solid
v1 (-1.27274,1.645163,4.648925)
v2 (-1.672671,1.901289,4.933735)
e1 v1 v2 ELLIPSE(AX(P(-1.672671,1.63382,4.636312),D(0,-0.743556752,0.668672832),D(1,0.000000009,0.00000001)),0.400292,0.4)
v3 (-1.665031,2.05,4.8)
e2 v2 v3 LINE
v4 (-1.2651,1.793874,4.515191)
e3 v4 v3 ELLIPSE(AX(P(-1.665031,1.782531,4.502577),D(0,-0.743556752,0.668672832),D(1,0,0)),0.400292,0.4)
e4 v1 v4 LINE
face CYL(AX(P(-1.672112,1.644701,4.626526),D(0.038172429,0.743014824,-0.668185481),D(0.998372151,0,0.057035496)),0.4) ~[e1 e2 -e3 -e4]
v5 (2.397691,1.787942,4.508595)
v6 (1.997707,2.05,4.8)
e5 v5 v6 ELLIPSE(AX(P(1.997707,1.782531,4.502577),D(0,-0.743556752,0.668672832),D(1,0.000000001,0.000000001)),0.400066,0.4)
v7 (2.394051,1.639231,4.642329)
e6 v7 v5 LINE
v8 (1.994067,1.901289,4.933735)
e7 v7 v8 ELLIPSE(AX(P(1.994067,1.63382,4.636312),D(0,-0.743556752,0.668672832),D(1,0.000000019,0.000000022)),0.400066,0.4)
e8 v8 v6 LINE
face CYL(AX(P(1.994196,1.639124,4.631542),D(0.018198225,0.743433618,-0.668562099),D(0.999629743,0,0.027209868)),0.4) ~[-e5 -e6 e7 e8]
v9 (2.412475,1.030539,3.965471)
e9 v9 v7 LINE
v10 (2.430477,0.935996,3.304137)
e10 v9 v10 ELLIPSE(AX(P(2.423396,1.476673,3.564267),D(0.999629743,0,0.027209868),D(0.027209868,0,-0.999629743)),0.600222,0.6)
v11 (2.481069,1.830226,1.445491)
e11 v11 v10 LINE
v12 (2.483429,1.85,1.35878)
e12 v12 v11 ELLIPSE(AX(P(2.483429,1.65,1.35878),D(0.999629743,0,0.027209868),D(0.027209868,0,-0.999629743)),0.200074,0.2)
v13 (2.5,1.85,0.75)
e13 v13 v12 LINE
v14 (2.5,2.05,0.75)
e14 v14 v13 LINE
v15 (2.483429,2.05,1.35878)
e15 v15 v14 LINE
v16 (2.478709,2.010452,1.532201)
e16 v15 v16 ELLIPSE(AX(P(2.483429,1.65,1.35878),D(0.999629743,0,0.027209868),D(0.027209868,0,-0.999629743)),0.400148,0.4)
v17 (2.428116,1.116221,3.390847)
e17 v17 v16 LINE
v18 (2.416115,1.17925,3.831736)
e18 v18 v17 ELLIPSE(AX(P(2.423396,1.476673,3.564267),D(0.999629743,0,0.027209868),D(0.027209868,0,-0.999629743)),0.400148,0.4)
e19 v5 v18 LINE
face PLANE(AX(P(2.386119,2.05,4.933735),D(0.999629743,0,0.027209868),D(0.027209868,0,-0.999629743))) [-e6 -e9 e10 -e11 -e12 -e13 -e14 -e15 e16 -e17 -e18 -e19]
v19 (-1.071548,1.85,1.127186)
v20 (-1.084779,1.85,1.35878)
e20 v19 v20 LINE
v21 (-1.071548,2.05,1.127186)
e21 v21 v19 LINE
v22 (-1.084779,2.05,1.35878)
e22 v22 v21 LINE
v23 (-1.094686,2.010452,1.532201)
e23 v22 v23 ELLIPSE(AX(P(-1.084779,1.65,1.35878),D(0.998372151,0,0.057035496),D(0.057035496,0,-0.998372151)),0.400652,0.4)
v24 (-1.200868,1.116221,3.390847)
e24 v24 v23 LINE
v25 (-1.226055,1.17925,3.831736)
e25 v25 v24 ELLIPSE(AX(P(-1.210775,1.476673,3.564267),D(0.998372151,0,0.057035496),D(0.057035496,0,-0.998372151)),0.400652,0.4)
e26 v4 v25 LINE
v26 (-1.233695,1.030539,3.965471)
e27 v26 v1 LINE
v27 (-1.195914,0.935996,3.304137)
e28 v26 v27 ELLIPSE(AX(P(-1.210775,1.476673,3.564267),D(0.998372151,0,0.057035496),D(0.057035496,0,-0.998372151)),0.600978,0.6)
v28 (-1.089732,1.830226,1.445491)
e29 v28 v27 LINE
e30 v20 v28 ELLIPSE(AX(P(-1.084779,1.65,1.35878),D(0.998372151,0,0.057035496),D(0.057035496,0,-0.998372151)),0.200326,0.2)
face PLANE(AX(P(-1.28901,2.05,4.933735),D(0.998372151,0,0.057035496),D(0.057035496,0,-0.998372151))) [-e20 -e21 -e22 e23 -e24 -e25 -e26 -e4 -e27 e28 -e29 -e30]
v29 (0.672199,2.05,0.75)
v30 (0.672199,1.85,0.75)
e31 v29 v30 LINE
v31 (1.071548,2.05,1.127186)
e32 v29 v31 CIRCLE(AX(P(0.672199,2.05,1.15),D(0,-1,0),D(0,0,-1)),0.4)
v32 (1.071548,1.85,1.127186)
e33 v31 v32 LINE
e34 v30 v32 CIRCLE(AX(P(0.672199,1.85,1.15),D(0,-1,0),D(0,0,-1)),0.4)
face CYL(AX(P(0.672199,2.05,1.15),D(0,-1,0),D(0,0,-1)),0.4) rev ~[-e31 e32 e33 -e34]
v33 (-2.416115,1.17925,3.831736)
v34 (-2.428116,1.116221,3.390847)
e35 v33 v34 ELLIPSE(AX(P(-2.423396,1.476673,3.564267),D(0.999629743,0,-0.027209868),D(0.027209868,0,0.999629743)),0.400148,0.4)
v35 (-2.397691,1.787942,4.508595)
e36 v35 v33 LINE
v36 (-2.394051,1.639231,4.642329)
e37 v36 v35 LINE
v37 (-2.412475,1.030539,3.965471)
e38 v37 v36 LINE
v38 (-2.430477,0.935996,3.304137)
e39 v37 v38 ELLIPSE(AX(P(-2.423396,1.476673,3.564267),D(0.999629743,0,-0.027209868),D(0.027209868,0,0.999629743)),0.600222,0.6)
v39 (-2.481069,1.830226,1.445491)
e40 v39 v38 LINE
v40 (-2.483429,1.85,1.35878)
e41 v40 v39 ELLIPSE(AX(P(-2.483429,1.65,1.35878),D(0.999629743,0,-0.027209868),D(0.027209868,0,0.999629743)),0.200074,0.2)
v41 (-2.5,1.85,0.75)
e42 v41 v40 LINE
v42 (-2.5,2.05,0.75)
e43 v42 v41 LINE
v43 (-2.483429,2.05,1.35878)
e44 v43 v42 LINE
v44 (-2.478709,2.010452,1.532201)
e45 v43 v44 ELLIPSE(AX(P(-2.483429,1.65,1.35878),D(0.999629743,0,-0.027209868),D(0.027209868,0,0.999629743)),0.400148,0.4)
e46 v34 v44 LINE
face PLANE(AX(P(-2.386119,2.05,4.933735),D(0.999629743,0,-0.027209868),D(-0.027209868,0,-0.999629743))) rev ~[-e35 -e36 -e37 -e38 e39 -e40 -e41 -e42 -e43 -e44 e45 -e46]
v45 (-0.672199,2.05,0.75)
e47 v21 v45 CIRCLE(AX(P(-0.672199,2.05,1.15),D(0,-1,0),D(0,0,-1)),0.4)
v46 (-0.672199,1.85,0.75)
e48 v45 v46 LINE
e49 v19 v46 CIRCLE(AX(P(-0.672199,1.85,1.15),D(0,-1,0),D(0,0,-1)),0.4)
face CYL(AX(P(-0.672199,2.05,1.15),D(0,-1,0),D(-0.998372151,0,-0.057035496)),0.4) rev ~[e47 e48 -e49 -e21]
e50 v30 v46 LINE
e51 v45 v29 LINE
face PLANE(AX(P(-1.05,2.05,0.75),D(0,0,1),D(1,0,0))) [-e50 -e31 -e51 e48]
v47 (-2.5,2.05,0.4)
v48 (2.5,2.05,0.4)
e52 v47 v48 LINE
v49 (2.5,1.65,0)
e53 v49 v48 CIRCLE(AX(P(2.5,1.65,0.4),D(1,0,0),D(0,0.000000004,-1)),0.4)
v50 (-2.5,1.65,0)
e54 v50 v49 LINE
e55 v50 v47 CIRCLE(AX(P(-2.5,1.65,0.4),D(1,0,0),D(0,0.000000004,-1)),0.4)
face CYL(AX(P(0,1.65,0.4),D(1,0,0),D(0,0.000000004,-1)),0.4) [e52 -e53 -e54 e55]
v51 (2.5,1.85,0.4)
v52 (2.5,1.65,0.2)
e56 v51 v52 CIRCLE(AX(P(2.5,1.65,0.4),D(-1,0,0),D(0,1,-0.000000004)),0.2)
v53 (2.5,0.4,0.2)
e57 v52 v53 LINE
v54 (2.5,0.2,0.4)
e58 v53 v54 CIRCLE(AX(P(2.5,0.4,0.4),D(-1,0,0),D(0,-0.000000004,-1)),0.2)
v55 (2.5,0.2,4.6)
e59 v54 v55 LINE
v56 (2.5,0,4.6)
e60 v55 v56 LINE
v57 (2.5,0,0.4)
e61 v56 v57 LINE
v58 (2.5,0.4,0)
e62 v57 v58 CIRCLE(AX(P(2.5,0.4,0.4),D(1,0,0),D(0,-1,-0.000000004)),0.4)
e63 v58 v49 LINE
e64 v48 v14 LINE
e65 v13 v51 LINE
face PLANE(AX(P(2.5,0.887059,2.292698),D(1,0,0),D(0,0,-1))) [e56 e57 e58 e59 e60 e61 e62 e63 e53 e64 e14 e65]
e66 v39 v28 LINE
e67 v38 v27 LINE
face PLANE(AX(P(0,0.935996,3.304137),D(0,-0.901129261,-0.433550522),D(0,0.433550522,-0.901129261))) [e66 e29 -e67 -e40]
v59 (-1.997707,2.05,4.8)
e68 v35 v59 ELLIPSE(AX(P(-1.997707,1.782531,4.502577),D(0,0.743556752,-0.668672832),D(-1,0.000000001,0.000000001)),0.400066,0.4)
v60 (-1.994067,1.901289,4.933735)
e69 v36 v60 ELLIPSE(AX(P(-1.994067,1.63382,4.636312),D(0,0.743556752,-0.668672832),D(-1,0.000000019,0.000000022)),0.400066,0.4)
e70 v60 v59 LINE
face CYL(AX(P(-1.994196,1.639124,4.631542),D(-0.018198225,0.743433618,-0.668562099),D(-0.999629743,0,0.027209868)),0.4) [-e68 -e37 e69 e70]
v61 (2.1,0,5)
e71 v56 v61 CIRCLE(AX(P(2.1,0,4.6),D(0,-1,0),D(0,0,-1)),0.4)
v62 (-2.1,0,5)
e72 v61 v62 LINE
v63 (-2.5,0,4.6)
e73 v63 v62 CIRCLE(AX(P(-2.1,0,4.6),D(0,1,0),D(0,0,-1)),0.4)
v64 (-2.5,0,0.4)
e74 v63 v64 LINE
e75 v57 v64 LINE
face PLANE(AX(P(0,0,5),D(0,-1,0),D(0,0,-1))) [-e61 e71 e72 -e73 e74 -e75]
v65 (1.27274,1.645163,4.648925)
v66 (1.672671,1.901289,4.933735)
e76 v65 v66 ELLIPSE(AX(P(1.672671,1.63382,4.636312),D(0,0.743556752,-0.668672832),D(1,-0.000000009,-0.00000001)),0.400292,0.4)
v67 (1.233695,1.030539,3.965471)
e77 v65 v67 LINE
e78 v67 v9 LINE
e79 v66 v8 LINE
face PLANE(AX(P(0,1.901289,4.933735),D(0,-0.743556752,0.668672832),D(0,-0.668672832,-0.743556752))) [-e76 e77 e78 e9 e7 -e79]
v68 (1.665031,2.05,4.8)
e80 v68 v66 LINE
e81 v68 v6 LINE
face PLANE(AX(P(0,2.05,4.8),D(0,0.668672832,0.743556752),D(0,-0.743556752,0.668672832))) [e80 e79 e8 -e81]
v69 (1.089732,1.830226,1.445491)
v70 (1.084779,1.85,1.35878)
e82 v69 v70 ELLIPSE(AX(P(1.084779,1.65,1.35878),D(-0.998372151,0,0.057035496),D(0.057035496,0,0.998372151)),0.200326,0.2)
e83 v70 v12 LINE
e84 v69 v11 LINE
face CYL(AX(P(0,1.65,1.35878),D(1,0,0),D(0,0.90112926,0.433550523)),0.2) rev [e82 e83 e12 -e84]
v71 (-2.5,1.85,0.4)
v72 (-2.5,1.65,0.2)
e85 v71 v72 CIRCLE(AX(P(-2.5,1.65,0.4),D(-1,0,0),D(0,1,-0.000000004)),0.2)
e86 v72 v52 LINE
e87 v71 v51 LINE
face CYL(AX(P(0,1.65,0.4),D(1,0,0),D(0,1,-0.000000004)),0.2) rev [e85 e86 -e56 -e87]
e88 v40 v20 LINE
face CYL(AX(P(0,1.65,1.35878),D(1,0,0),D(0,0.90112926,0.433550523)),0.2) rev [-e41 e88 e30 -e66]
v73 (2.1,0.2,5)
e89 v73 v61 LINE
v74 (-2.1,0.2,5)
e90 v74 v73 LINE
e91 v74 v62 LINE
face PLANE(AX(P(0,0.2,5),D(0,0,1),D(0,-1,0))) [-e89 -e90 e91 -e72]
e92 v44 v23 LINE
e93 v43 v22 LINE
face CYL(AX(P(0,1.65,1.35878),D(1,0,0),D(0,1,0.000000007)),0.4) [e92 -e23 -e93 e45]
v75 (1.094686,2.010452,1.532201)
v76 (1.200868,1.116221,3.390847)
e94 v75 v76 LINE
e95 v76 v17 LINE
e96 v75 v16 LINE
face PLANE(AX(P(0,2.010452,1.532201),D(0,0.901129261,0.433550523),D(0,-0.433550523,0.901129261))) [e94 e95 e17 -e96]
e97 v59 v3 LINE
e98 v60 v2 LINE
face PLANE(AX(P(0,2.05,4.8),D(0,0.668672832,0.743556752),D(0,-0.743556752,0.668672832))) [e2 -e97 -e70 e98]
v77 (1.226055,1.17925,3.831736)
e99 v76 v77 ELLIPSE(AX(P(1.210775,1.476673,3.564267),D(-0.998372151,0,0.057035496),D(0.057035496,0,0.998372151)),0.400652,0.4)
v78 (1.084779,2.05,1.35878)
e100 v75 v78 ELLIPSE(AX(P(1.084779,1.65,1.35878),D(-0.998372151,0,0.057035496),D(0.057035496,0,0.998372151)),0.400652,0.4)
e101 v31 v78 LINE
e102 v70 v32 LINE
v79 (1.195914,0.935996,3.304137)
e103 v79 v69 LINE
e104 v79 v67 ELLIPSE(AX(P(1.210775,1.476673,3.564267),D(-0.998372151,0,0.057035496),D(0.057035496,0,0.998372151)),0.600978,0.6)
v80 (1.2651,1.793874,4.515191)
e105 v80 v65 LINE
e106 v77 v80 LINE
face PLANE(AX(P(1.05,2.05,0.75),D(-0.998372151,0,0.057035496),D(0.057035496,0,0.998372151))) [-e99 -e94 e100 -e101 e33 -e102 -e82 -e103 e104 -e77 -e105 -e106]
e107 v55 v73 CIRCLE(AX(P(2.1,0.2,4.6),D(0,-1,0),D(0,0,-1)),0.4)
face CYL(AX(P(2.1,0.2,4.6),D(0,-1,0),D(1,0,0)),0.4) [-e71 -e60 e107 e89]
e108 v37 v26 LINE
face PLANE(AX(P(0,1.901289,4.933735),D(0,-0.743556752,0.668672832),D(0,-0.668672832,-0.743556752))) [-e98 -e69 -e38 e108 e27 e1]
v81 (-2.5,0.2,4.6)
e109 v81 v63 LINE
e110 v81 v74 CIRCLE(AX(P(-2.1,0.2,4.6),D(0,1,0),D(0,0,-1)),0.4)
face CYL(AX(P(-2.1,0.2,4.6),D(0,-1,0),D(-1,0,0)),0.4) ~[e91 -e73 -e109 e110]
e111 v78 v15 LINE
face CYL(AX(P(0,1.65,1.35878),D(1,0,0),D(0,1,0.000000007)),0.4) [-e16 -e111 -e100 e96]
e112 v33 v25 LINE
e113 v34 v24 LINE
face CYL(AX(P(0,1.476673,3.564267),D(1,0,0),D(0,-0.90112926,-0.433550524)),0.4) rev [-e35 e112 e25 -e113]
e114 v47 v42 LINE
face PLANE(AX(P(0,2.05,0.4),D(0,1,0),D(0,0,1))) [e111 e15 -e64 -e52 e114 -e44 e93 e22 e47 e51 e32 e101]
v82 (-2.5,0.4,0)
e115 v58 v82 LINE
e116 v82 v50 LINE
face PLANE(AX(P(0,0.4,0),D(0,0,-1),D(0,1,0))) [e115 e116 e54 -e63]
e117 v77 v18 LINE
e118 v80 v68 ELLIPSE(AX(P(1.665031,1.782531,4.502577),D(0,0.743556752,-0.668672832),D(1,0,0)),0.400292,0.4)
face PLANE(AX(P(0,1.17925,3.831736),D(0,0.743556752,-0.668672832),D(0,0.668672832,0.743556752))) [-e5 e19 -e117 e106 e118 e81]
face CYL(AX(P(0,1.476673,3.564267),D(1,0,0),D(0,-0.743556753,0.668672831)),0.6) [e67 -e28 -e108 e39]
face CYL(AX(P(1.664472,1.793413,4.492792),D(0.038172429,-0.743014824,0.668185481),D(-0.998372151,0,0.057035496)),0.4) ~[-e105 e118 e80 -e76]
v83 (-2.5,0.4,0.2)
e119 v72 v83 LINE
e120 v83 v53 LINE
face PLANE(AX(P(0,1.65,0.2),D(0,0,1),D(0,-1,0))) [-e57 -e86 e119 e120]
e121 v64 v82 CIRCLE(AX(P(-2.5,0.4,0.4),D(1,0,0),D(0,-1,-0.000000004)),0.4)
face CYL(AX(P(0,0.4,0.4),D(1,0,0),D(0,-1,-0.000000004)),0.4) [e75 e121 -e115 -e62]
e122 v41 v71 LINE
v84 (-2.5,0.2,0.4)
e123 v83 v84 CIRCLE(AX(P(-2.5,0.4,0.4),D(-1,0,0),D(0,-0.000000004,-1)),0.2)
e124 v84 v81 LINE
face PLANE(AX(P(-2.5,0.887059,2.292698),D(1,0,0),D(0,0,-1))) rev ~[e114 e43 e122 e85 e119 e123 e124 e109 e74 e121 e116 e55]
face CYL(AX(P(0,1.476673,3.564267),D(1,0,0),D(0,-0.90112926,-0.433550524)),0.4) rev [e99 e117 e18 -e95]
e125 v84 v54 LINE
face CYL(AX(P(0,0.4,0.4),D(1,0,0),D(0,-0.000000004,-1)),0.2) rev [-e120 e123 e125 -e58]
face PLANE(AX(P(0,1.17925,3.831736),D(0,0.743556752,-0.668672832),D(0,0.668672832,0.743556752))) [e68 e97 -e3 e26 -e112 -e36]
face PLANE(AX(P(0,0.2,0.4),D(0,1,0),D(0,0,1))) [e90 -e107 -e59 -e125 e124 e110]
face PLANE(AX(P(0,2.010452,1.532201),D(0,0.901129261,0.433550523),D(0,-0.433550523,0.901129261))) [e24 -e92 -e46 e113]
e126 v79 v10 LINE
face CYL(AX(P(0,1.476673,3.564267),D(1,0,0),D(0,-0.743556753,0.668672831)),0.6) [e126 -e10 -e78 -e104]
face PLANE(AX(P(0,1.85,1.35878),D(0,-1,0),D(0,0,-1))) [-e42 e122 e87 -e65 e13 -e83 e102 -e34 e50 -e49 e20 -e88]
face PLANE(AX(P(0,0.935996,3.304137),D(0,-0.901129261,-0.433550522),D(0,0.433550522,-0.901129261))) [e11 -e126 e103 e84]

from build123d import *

# Parameters (mm, degrees)
BOSS_EXTRUDE1_DEPTH = 2.5
CUT_EXTRUDE1_DEPTH  = 1.5
FILLET1_R           = 0.4


with BuildPart() as part:
    # Sketch1 → Boss-Extrude1 (new body, symmetric)
    with BuildSketch(Plane(origin=(0, 0, 0), x_dir=(0, 0, -1), z_dir=(1, 0, 0))):
        with BuildLine():
            Line((0, 0.4), (0, 1.65))
            ThreePointArc((0, 1.65), (-0.117157288, 1.932842712), (-0.4, 2.05))
            Line((-0.4, 2.05), (-1.358780422, 2.05))
            ThreePointArc((-1.358780422, 2.05), (-1.447716686, 2.039987616), (-1.532200631, 2.010451704))
            Line((-1.532200631, 2.010451704), (-3.390846854, 1.116221457))
            ThreePointArc((-3.390846854, 1.116221457), (-3.620875047, 1.080699), (-3.831736196, 1.17925046))
            Line((-3.831736196, 1.17925046), (-4.8, 2.05))
            Line((-4.8, 2.05), (-4.933734566, 1.90128865))
            Line((-4.933734566, 1.90128865), (-3.965470763, 1.03053911))
            ThreePointArc((-3.965470763, 1.03053911), (-3.649179039, 0.88271192), (-3.30413675, 0.935995605))
            Line((-3.30413675, 0.935995605), (-1.445490526, 1.830225852))
            ThreePointArc((-1.445490526, 1.830225852), (-1.403248554, 1.844993808), (-1.358780422, 1.85))
            Line((-1.358780422, 1.85), (-0.4, 1.85))
            ThreePointArc((-0.4, 1.85), (-0.258578644, 1.791421356), (-0.2, 1.65))
            Line((-0.2, 1.65), (-0.2, 0.4))
            ThreePointArc((-0.2, 0.4), (-0.258578644, 0.258578644), (-0.4, 0.2))
            Line((-0.4, 0.2), (-5, 0.2))
            Line((-5, 0.2), (-5, 0))
            Line((-5, 0), (-0.4, 0))
            ThreePointArc((-0.4, 0), (-0.117157288, 0.117157288), (0, 0.4))
        make_face()
    extrude(amount=BOSS_EXTRUDE1_DEPTH, both=True)

    # Sketch2 → Cut-Extrude1 (cut)
    with BuildSketch(Plane(origin=(0, 2.05, 0), x_dir=(1, 0, 0), z_dir=(0, 1, 0))):
        Polygon((-1.05, -0.75), (1.05, -0.75), (1.289010448, -4.933734566), (-1.289010448, -4.933734566), align=None)
        Polygon((-2.5, -0.75), (-2.5, -4.933734566), (-2.386118968, -4.933734566), align=None)
        Polygon((2.5, -4.933734566), (2.386118968, -4.933734566), (2.5, -0.75), align=None)
    extrude(amount=-CUT_EXTRUDE1_DEPTH, mode=Mode.SUBTRACT)

    # Fillet1
    fillet1_edges = [part.edges().sort_by_distance(p)[0] for p in [
        (2.387939092, 1.975644325, 4.866867283),
        (-1.05, 1.95, 0.75),
        (1.05, 1.95, 0.75),
        (1.285190421, 1.975644325, 4.866867283),
        (-1.285190421, 1.975644325, 4.866867283),
        (-2.5, 0.1, 5),
        (2.5, 0.1, 5),
        (-2.387939092, 1.975644325, 4.866867283),
    ]]
    fillet(fillet1_edges, radius=FILLET1_R)


solid = part.part
